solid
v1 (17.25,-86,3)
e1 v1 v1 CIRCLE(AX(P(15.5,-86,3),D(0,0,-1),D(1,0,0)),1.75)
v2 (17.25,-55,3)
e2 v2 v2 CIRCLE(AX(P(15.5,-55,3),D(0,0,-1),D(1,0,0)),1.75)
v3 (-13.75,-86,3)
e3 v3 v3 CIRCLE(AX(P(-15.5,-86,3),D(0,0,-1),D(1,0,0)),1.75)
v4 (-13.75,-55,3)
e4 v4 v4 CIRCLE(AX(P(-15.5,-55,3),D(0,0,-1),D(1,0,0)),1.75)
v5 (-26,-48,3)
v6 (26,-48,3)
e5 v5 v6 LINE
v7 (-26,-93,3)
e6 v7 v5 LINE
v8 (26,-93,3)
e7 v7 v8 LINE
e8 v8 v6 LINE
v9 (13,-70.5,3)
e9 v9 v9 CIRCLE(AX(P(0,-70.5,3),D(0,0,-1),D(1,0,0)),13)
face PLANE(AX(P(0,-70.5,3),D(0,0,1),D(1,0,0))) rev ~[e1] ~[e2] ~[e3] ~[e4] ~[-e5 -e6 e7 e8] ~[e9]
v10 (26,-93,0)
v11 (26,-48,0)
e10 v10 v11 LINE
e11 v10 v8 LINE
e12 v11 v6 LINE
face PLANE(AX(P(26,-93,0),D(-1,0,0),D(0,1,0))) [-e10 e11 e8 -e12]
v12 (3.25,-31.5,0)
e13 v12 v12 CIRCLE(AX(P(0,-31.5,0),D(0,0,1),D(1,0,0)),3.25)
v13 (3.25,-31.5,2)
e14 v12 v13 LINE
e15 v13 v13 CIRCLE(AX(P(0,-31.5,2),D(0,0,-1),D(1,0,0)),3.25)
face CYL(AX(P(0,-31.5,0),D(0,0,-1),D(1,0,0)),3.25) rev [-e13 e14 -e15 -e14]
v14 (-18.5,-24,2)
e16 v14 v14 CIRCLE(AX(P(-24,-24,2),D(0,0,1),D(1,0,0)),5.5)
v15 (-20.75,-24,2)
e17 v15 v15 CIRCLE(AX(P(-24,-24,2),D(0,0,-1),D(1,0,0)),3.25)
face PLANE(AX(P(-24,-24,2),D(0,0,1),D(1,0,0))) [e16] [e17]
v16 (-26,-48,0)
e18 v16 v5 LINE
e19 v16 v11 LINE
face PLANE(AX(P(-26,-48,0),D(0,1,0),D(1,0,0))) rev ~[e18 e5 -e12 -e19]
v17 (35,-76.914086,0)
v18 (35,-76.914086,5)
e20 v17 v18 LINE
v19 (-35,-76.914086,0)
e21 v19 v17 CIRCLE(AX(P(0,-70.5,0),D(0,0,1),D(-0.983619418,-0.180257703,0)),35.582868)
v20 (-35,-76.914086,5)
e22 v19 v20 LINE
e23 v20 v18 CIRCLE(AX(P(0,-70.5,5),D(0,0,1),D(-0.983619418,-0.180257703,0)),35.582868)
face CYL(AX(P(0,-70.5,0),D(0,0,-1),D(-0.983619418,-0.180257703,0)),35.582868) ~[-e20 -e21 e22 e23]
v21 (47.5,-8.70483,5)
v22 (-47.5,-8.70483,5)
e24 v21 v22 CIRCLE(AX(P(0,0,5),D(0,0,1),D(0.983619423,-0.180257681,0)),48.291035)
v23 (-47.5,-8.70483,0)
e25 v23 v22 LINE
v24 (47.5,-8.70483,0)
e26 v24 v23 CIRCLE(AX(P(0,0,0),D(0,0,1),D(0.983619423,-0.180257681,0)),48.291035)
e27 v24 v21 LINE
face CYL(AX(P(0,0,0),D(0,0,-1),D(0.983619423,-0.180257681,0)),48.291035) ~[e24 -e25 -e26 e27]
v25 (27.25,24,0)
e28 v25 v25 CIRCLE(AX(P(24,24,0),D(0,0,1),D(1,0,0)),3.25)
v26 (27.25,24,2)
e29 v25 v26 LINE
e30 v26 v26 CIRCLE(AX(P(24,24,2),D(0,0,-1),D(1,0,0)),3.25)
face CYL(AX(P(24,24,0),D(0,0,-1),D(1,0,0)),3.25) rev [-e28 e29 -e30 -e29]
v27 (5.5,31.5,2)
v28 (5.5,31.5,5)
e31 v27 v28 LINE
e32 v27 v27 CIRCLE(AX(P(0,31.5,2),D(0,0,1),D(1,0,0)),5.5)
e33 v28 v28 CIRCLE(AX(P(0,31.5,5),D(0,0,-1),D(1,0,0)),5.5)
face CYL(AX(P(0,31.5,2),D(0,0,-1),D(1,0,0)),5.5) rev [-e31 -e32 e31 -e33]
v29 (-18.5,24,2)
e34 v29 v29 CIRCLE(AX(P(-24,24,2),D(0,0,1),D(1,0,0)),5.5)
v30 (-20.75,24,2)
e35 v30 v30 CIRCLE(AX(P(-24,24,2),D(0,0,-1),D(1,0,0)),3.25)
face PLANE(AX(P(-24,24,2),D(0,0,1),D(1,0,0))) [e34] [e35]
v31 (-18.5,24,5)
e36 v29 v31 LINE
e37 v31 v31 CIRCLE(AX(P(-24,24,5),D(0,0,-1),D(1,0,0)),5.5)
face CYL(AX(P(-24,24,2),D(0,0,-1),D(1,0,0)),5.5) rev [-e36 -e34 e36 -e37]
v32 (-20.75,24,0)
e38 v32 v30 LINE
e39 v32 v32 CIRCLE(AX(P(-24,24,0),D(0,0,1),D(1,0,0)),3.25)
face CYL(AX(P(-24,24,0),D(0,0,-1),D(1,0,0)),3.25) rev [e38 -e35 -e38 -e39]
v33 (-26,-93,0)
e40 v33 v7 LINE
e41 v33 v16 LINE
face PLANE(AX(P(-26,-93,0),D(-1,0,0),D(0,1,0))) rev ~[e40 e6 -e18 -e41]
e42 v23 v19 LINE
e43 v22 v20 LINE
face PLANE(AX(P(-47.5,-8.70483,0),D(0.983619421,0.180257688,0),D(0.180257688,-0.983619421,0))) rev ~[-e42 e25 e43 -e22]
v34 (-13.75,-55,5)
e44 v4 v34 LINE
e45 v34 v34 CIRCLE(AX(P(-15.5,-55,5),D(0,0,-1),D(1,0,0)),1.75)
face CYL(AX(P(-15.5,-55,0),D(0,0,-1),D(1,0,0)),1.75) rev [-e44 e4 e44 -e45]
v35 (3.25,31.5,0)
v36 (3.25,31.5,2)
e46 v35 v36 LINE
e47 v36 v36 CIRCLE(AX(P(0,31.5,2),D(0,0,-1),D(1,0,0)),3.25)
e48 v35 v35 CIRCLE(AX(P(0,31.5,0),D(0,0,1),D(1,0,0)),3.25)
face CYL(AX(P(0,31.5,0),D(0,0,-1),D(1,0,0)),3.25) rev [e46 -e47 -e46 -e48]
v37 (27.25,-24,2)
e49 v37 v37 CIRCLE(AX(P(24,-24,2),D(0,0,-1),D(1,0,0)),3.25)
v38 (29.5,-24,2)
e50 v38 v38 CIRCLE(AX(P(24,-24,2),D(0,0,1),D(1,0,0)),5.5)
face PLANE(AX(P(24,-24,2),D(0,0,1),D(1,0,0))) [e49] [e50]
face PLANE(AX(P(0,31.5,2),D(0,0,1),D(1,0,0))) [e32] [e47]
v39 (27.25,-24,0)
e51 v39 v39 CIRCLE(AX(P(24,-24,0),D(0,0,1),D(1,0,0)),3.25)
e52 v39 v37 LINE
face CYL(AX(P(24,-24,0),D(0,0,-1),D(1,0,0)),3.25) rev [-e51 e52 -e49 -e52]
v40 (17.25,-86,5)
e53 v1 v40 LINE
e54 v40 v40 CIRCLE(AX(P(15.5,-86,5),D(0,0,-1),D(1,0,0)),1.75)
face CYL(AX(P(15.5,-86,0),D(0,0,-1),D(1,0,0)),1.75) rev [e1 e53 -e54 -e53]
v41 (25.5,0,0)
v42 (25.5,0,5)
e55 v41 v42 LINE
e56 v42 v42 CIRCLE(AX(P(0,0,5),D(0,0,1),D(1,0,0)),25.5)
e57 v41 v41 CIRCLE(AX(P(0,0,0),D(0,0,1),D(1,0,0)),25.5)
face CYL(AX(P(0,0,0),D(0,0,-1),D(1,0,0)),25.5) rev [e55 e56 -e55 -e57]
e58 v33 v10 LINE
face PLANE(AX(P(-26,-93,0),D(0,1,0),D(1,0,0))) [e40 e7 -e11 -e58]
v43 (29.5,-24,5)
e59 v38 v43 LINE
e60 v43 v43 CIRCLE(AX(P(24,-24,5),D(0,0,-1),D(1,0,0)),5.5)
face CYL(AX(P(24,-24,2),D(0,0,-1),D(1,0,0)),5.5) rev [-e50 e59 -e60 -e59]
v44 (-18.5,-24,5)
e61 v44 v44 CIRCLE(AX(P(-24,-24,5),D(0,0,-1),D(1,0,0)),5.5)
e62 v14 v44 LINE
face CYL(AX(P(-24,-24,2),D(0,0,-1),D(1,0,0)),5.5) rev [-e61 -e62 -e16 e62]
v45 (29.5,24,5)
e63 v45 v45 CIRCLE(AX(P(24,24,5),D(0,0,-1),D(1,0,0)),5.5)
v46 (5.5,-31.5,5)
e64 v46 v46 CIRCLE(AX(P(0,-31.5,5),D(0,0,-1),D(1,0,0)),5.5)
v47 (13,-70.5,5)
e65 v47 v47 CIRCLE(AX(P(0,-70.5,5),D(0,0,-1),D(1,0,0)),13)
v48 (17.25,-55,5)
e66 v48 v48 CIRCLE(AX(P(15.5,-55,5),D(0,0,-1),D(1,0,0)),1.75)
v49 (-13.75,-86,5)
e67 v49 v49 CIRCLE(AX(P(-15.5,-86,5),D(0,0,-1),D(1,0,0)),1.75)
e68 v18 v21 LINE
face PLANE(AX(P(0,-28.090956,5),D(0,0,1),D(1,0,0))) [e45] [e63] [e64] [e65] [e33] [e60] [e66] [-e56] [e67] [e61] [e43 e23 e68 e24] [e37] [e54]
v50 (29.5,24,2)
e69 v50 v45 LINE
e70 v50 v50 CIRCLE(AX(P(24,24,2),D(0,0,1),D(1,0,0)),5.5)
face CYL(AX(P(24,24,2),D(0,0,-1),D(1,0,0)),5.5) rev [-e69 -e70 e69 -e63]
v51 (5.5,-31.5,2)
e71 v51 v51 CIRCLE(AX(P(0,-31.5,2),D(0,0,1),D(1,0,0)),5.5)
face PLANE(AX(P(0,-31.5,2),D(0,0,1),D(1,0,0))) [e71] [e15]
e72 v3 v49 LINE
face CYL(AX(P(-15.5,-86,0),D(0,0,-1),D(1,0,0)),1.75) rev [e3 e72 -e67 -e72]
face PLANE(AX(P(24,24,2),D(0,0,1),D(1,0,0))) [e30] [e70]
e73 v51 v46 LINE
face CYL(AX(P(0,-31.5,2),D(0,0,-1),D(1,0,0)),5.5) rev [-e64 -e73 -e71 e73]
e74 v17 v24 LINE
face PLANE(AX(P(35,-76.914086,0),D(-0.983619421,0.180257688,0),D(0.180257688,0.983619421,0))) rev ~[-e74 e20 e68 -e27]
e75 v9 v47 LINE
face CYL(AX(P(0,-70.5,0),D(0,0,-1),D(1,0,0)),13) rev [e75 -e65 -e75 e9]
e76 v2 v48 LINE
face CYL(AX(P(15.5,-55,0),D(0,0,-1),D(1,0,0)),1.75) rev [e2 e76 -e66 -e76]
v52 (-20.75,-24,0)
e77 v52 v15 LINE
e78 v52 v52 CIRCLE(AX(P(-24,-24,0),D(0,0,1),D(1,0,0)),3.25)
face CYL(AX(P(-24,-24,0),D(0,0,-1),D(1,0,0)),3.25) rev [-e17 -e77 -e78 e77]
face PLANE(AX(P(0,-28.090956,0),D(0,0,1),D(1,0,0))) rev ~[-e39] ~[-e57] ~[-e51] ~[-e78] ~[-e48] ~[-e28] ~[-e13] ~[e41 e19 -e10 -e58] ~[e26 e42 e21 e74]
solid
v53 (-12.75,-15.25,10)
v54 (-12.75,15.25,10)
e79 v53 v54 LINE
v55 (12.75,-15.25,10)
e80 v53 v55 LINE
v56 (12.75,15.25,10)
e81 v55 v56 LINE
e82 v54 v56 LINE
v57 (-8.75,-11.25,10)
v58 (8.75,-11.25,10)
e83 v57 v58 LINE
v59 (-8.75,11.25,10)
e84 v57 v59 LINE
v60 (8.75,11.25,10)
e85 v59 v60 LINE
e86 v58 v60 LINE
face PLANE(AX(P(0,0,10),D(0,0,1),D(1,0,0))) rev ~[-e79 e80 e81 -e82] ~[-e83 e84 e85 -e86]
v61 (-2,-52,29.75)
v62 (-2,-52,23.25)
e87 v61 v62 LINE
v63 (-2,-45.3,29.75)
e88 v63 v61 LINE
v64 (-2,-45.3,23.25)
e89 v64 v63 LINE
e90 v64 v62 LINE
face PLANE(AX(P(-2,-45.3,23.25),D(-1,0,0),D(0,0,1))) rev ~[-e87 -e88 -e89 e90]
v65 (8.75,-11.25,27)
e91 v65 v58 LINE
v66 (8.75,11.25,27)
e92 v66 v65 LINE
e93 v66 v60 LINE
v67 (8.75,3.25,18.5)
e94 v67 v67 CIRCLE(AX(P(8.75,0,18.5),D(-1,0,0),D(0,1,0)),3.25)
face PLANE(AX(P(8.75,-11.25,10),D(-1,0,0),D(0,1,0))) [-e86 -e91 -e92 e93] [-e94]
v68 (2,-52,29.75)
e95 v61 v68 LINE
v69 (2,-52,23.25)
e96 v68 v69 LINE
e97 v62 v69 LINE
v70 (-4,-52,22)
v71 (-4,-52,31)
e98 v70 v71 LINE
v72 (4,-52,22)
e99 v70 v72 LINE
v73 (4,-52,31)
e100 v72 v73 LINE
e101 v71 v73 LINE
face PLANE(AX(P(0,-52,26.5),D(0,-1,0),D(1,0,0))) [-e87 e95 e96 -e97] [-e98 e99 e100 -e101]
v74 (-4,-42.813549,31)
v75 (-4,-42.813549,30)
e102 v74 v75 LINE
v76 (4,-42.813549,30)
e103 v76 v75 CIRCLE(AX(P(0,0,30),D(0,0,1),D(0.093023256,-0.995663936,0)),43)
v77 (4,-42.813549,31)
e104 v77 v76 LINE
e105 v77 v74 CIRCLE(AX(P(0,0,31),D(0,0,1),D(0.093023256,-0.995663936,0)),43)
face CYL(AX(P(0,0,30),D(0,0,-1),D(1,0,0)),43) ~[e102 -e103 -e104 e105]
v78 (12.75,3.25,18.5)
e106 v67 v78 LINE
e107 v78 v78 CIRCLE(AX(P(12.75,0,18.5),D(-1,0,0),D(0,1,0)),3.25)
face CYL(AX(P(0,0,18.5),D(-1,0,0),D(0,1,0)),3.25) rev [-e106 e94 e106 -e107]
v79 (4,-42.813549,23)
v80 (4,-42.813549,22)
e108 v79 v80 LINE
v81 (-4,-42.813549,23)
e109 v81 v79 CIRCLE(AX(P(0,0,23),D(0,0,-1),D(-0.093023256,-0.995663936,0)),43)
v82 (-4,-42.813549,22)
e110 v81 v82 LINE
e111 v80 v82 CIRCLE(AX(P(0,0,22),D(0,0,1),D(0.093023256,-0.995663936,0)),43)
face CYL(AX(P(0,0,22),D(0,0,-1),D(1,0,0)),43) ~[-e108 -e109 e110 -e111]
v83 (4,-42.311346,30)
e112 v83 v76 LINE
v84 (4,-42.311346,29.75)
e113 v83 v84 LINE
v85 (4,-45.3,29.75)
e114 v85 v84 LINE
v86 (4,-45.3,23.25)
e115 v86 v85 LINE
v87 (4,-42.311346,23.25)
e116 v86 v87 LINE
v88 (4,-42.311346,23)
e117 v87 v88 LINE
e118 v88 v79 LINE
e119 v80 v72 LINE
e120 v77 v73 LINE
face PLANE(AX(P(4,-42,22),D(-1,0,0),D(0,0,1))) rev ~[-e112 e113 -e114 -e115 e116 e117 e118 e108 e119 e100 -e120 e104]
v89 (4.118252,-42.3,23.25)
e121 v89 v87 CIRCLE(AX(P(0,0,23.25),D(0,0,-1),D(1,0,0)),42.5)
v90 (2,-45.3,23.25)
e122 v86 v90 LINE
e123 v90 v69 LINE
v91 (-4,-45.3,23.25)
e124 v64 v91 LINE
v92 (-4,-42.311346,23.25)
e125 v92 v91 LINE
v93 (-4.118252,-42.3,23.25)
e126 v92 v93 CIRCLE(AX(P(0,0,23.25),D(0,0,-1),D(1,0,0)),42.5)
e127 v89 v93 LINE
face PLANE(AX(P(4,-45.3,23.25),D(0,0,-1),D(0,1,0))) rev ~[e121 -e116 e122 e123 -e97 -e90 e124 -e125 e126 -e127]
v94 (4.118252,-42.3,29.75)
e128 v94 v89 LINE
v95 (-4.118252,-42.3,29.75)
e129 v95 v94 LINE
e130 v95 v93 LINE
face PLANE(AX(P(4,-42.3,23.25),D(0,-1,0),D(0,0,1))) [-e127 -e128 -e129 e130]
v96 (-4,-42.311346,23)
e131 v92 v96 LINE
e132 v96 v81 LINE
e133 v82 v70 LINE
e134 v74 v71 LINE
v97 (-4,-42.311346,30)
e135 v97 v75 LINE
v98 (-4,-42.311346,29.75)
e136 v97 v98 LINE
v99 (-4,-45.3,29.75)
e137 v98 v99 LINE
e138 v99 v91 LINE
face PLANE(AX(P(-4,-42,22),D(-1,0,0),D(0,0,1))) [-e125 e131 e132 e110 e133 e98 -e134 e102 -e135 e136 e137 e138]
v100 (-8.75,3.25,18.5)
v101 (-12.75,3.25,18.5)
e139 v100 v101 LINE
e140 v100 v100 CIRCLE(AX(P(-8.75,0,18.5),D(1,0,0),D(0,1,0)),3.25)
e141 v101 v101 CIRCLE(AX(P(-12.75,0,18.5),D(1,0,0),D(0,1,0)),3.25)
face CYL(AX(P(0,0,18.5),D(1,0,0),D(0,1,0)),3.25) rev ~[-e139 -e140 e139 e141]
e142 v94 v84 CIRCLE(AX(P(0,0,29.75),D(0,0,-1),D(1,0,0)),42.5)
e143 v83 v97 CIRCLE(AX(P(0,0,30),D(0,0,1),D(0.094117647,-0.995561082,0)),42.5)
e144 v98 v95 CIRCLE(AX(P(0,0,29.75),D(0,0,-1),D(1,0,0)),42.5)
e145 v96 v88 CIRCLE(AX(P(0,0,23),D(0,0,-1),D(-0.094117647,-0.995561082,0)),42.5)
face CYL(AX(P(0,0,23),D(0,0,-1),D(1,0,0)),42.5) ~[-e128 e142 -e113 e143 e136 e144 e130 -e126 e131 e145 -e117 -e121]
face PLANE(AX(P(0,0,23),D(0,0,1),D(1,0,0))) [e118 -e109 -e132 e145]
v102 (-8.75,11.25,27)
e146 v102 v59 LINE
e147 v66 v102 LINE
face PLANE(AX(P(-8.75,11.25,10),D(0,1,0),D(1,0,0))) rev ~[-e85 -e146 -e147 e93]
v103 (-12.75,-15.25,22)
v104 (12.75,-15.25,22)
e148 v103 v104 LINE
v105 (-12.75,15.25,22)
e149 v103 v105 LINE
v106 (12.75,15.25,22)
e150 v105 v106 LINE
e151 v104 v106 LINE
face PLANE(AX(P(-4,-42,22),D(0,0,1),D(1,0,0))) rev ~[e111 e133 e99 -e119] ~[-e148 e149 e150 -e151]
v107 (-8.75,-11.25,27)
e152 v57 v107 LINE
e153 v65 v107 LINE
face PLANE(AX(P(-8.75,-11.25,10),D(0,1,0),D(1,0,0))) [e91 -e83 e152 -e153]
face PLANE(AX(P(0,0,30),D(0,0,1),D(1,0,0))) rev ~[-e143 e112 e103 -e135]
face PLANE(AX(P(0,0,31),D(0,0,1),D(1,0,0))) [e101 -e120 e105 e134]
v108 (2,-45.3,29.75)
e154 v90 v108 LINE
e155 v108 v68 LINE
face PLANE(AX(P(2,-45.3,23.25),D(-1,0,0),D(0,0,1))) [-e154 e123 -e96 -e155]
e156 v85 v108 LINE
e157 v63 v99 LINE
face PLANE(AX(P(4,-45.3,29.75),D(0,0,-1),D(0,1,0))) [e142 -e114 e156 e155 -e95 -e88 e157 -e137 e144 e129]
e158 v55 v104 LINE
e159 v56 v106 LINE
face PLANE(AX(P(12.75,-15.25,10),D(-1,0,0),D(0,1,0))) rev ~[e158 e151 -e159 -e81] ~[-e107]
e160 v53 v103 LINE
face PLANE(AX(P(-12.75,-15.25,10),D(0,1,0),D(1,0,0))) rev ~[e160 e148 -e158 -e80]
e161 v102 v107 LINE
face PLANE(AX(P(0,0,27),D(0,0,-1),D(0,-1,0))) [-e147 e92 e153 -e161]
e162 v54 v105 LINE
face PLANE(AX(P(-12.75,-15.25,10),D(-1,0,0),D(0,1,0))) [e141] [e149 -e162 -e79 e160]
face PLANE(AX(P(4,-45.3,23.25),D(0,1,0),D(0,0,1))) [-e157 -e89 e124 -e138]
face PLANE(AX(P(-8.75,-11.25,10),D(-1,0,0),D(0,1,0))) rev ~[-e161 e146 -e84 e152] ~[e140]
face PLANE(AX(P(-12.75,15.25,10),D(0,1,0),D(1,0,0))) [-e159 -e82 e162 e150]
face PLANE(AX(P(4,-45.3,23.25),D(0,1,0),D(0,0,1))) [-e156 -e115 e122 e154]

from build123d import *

# Parameters (mm, degrees)
SKETCH_R             = 25.5
SKETCH_R_2           = 3.25
PAD_DEPTH            = 5
SKETCH005_R          = 5.5
POCKET001_DEPTH      = 5
SKETCH007_R          = 1.75
SKETCH007_R_2        = 13
POCKET003_DEPTH      = 5.001
SKETCH009_W          = 52
SKETCH009_H          = 45
POCKET006_DEPTH      = 3
SKETCH001_W          = 25.5
SKETCH001_H          = 30.5
SKETCH001_W_2        = 17.5
SKETCH001_H_2        = 22.5
PAD001_DEPTH         = 20
SKETCH002_R          = 3.25
POCKET_DEPTH         = 12.751
POCKET_DEPTH_BACK    = 12.751
SKETCH003_R          = 43
PAD002_DEPTH         = 1
SKETCH004_R          = 43
PAD004_DEPTH         = 1
SKETCH010_R          = 42.5
PAD005_DEPTH         = 8
PAD005_FACE20_W      = 22.5
PAD005_FACE20_H      = 17.5
POCKET007_DEPTH      = 5
SKETCH011_W          = 8
SKETCH011_H          = 9
PAD006_DEPTH         = 10
SKETCH013_W          = 3
SKETCH013_H          = 6.5
POCKET008_DEPTH      = 47.001
POCKET008_DEPTH_BACK = 39.001
SKETCH014_W          = 4
SKETCH014_H          = 6.5
POCKET009_DEPTH      = 9


with BuildPart() as mainbody:
    # Sketch → Pad (new body)
    with BuildSketch(Plane.XY):
        with BuildLine():
            ThreePointArc((47.5, -8.70483), (0, 48.291035), (-47.5, -8.70483))
            Line((-47.5, -8.70483), (-35, -76.914086))
            ThreePointArc((-35, -76.914086), (0, -106.082868), (35, -76.914086))
            Line((35, -76.914086), (47.5, -8.70483))
        make_face()
        Circle(SKETCH_R, mode=Mode.SUBTRACT)
        with Locations((-24, 24)):
            Circle(SKETCH_R_2, mode=Mode.SUBTRACT)
        with Locations((0, 31.5)):
            Circle(SKETCH_R_2, mode=Mode.SUBTRACT)
        with Locations((24, 24)):
            Circle(SKETCH_R_2, mode=Mode.SUBTRACT)
        with Locations((0, -31.5)):
            Circle(SKETCH_R_2, mode=Mode.SUBTRACT)
        with Locations((24, -24)):
            Circle(SKETCH_R_2, mode=Mode.SUBTRACT)
        with Locations((-24, -24)):
            Circle(SKETCH_R_2, mode=Mode.SUBTRACT)
    extrude(amount=PAD_DEPTH)

    # Sketch005 → Pocket001 (cut)
    with BuildSketch(Plane.XY.offset(2)):
        with Locations((-24, 24)):
            Circle(SKETCH005_R)
        with Locations((24, -24)):
            Circle(SKETCH005_R)
        with Locations((0, 31.5)):
            Circle(SKETCH005_R)
        with Locations((24, 24)):
            Circle(SKETCH005_R)
        with Locations((-24, -24)):
            Circle(SKETCH005_R)
        with Locations((0, -31.5)):
            Circle(SKETCH005_R)
    extrude(amount=POCKET001_DEPTH, mode=Mode.SUBTRACT)

    # Sketch007 → Pocket003 (cut, through all)
    with BuildSketch(Plane.XY):
        with Locations((-15.5, -55)):
            Circle(SKETCH007_R)
        with Locations((15.5, -55)):
            Circle(SKETCH007_R)
        with Locations((15.5, -86)):
            Circle(SKETCH007_R)
        with Locations((-15.5, -86)):
            Circle(SKETCH007_R)
        with Locations((0, -70.5)):
            Circle(SKETCH007_R_2)
    extrude(amount=POCKET003_DEPTH, mode=Mode.SUBTRACT)

    # Sketch009 → Pocket006 (cut)
    with BuildSketch(Plane.XY):
        with Locations((0, -70.5)):
            Rectangle(SKETCH009_W, SKETCH009_H)
    extrude(amount=POCKET006_DEPTH, mode=Mode.SUBTRACT)


with BuildPart() as gearbody:
    # Sketch001 → Pad001 (new body)
    with BuildSketch(Plane.XY.offset(10)):
        Rectangle(SKETCH001_W, SKETCH001_H)
        Rectangle(SKETCH001_W_2, SKETCH001_H_2, mode=Mode.SUBTRACT)
    extrude(amount=PAD001_DEPTH)

    # Sketch002 → Pocket (cut, two sides)
    with BuildSketch(Plane.YZ) as pocket_sk:
        with Locations((0, 18.5)):
            Circle(SKETCH002_R)
    extrude(amount=-POCKET_DEPTH, mode=Mode.SUBTRACT)
    extrude(pocket_sk.sketch, amount=POCKET_DEPTH_BACK, mode=Mode.SUBTRACT)

    # Sketch003 → Pad002 (join)
    with BuildSketch(Plane.XY.offset(22)):
        Circle(SKETCH003_R)
    extrude(amount=PAD002_DEPTH)

    # Sketch004 → Pad004 (join)
    with BuildSketch(Plane.XY.offset(30)):
        Circle(SKETCH004_R)
    extrude(amount=PAD004_DEPTH)

    # Sketch010 → Pad005 (join)
    with BuildSketch(Plane.XY.offset(23)):
        Circle(SKETCH010_R)
    extrude(amount=PAD005_DEPTH)

    # Pad005 Face20 → Pocket007 (cut)
    with BuildSketch(Plane(origin=(0, 0, 22), x_dir=(0, -1, 0), z_dir=(0, 0, -1))):
        Rectangle(PAD005_FACE20_W, PAD005_FACE20_H)
    extrude(amount=-POCKET007_DEPTH, mode=Mode.SUBTRACT)

    # Sketch011 → Pad006 (join)
    with BuildSketch(Plane.XZ.offset(42)):
        with Locations((0, 26.5)):
            Rectangle(SKETCH011_W, SKETCH011_H)
    extrude(amount=PAD006_DEPTH)

    # Sketch013 (on Face6 of Pad006) → Pocket008 (cut, two sides)
    with BuildSketch(Plane.YZ.offset(4)) as pocket008_sk:
        with Locations((-43.8, 26.5)):
            Rectangle(SKETCH013_W, SKETCH013_H)
    extrude(amount=-POCKET008_DEPTH, mode=Mode.SUBTRACT)
    extrude(pocket008_sk.sketch, amount=POCKET008_DEPTH_BACK, mode=Mode.SUBTRACT)

    # Sketch014 (on Face10 of Pocket008) → Pocket009 (cut)
    with BuildSketch(Plane(origin=(0, -45.3, 0), x_dir=(-1, 0, 0), z_dir=(0, 1, 0))):
        with Locations((0, 26.5)):
            Rectangle(SKETCH014_W, SKETCH014_H)
    extrude(amount=-POCKET009_DEPTH, mode=Mode.SUBTRACT)


solid = Compound([mainbody.part, gearbody.part])
